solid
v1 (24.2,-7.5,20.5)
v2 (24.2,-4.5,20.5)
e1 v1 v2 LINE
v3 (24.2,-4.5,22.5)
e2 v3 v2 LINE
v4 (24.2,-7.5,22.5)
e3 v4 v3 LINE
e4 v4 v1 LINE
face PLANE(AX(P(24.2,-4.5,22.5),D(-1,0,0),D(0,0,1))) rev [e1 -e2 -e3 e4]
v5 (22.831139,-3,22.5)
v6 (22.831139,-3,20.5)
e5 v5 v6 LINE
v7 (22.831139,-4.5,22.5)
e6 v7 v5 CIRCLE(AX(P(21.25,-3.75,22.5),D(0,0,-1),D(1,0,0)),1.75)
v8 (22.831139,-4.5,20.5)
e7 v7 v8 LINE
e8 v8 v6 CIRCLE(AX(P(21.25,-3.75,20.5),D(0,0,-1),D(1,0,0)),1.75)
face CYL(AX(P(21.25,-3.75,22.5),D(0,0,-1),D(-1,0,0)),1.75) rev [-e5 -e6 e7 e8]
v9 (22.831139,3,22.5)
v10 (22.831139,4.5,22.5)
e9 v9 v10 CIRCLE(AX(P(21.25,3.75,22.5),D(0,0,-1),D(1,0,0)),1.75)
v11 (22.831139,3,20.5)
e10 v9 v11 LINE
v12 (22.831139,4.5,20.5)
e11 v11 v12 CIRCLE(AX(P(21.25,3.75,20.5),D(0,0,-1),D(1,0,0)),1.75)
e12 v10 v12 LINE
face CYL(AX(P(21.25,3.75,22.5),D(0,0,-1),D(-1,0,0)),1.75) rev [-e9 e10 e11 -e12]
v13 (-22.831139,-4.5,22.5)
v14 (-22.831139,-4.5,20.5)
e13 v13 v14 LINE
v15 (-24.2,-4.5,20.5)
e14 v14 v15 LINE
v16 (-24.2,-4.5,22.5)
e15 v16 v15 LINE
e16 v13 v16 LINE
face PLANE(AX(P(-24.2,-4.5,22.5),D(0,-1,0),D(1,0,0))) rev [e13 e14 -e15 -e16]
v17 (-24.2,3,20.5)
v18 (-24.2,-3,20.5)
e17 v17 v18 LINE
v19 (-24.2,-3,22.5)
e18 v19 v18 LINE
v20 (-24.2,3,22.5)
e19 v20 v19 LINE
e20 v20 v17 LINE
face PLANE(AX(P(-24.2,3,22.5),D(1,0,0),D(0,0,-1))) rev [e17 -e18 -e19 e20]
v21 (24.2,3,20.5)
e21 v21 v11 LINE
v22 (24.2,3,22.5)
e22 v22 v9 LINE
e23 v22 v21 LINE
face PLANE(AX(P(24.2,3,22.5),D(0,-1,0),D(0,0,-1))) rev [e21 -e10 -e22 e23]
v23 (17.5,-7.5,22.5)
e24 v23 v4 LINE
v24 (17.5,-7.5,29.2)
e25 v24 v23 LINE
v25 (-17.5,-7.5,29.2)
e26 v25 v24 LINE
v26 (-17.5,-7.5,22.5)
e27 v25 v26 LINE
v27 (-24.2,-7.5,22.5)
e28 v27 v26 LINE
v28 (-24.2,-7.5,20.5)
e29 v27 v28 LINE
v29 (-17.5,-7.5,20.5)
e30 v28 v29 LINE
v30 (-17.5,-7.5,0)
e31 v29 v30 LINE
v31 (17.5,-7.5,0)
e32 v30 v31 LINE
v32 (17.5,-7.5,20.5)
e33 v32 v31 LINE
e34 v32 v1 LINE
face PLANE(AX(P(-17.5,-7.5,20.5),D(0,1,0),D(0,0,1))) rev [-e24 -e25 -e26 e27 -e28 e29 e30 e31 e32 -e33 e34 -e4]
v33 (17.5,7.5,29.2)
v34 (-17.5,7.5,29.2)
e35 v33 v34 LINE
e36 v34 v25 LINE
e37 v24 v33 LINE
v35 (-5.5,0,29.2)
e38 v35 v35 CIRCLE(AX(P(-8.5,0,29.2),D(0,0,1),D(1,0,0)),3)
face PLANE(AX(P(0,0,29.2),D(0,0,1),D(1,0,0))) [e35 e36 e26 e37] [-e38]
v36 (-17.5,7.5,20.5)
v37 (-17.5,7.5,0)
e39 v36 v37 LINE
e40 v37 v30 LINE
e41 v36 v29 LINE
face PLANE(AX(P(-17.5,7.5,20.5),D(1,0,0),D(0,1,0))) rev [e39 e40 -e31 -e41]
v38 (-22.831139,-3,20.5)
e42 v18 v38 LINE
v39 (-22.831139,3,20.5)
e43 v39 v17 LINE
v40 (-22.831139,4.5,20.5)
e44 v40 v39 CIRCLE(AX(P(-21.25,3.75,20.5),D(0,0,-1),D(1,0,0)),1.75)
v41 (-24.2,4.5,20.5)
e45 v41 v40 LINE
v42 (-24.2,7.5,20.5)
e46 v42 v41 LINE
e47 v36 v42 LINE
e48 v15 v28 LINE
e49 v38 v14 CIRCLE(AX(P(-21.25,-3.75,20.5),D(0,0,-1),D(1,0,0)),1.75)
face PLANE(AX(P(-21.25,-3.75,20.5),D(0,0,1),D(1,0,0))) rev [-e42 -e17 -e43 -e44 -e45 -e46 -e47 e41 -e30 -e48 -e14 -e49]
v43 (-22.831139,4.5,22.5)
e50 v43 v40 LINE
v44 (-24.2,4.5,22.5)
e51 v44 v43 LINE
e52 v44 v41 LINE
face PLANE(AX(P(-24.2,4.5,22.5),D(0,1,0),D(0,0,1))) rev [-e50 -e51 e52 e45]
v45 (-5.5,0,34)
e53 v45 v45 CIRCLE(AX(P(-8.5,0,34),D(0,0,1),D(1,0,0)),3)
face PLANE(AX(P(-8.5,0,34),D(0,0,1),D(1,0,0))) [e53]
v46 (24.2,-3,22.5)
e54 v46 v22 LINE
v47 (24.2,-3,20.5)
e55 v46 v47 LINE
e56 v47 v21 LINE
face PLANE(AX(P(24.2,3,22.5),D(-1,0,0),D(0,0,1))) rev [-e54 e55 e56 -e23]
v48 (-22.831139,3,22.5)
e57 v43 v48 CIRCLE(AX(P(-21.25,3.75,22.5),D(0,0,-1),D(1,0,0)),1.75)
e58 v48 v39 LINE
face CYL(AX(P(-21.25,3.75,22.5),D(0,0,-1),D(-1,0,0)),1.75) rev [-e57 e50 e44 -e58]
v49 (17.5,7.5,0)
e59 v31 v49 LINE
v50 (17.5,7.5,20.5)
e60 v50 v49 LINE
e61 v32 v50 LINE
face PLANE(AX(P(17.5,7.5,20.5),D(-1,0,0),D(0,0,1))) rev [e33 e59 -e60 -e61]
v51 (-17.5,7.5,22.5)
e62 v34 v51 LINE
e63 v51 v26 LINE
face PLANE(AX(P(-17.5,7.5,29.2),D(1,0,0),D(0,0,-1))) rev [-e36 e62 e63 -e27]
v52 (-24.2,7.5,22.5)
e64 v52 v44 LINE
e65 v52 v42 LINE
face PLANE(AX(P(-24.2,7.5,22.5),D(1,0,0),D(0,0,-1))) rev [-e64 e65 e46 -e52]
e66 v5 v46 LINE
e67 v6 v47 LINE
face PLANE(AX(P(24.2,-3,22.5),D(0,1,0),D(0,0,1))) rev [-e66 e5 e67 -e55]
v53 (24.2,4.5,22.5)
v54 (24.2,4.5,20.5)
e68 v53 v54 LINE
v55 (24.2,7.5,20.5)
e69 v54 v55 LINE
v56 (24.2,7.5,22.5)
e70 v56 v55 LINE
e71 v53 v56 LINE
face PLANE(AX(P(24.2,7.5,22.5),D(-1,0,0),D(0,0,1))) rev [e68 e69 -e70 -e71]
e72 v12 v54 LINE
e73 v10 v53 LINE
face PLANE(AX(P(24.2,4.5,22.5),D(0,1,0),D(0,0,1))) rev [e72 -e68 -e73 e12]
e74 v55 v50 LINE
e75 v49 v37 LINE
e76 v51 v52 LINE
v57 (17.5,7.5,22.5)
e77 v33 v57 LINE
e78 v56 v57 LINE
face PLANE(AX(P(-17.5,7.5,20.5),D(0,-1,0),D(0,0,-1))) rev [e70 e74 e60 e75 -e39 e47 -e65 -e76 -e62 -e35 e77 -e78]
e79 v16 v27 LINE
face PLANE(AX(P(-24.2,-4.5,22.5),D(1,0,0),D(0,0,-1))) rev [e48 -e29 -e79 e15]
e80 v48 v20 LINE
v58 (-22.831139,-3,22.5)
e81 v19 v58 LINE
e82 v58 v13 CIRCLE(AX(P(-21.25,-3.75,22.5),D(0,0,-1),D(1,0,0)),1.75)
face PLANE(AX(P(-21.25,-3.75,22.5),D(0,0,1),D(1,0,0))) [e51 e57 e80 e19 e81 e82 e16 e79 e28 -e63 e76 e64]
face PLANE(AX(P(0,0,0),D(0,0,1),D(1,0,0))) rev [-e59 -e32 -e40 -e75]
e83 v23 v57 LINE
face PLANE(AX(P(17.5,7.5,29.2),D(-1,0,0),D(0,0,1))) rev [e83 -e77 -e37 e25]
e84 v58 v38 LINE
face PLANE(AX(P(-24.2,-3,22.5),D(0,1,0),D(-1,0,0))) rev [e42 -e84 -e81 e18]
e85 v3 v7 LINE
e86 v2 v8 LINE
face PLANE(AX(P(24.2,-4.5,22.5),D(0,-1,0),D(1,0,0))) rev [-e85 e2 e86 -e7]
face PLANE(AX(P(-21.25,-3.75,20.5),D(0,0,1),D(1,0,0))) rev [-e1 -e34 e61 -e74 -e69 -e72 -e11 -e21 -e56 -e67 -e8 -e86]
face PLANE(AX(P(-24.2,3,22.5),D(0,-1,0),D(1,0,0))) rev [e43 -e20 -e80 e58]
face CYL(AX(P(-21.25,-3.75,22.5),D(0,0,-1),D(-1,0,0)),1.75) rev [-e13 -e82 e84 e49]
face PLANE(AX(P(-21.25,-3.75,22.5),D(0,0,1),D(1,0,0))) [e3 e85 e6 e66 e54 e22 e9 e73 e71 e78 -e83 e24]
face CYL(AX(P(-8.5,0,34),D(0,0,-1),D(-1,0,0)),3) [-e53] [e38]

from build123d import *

# Parameters (mm, degrees)
SZKIC1_W                    = 35
SZKIC1_H                    = 15
DODANIE_WYCI_GNI_CIE1_DEPTH = 20.5
DODANIE_WYCI_GNI_CIE2_DEPTH = 2
SZKIC3_W                    = 35
SZKIC3_H                    = 15
DODANIE_WYCI_GNI_CIE3_DEPTH = 6.7
SZKIC4_R                    = 3
DODANIE_WYCI_GNI_CIE4_DEPTH = 4.8


with BuildPart() as part:
    # Szkic1 → Dodanie-wyciągnięcie1 (new body)
    with BuildSketch(Plane.XY):
        Rectangle(SZKIC1_W, SZKIC1_H)
    extrude(amount=DODANIE_WYCI_GNI_CIE1_DEPTH)

    # Szkic2 → Dodanie-wyciągnięcie2 (add)
    with BuildSketch(Plane.XY.offset(20.5)):
        with BuildLine():
            Line((-24.2, 7.5), (24.2, 7.5))
            Line((24.2, 7.5), (24.2, 4.5))
            Line((24.2, 4.5), (22.83113883, 4.5))
            ThreePointArc((22.83113883, 4.5), (19.5, 3.75), (22.83113883, 3))
            Line((22.83113883, 3), (24.2, 3))
            Line((24.2, 3), (24.2, -3))
            Line((24.2, -3), (22.83113883, -3))
            ThreePointArc((22.83113883, -3), (19.5, -3.75), (22.83113883, -4.5))
            Line((22.83113883, -4.5), (24.2, -4.5))
            Line((24.2, -4.5), (24.2, -7.5))
            Line((24.2, -7.5), (-24.2, -7.5))
            Line((-24.2, -7.5), (-24.2, -4.5))
            Line((-24.2, -4.5), (-22.83113883, -4.5))
            ThreePointArc((-22.83113883, -4.5), (-19.5, -3.75), (-22.83113883, -3))
            Line((-22.83113883, -3), (-24.2, -3))
            Line((-24.2, -3), (-24.2, 3))
            Line((-24.2, 3), (-22.83113883, 3))
            ThreePointArc((-22.83113883, 3), (-19.5, 3.75), (-22.83113883, 4.5))
            Line((-22.83113883, 4.5), (-24.2, 4.5))
            Line((-24.2, 4.5), (-24.2, 7.5))
        make_face()
    extrude(amount=DODANIE_WYCI_GNI_CIE2_DEPTH)

    # Szkic3 → Dodanie-wyciągnięcie3 (add)
    with BuildSketch(Plane.XY.offset(22.5)):
        Rectangle(SZKIC3_W, SZKIC3_H)
    extrude(amount=DODANIE_WYCI_GNI_CIE3_DEPTH)

    # Szkic4 → Dodanie-wyciągnięcie4 (add)
    with BuildSketch(Plane.XY.offset(29.2)):
        with Locations((-8.5, 0)):
            Circle(SZKIC4_R)
    extrude(amount=DODANIE_WYCI_GNI_CIE4_DEPTH)


solid = part.part
